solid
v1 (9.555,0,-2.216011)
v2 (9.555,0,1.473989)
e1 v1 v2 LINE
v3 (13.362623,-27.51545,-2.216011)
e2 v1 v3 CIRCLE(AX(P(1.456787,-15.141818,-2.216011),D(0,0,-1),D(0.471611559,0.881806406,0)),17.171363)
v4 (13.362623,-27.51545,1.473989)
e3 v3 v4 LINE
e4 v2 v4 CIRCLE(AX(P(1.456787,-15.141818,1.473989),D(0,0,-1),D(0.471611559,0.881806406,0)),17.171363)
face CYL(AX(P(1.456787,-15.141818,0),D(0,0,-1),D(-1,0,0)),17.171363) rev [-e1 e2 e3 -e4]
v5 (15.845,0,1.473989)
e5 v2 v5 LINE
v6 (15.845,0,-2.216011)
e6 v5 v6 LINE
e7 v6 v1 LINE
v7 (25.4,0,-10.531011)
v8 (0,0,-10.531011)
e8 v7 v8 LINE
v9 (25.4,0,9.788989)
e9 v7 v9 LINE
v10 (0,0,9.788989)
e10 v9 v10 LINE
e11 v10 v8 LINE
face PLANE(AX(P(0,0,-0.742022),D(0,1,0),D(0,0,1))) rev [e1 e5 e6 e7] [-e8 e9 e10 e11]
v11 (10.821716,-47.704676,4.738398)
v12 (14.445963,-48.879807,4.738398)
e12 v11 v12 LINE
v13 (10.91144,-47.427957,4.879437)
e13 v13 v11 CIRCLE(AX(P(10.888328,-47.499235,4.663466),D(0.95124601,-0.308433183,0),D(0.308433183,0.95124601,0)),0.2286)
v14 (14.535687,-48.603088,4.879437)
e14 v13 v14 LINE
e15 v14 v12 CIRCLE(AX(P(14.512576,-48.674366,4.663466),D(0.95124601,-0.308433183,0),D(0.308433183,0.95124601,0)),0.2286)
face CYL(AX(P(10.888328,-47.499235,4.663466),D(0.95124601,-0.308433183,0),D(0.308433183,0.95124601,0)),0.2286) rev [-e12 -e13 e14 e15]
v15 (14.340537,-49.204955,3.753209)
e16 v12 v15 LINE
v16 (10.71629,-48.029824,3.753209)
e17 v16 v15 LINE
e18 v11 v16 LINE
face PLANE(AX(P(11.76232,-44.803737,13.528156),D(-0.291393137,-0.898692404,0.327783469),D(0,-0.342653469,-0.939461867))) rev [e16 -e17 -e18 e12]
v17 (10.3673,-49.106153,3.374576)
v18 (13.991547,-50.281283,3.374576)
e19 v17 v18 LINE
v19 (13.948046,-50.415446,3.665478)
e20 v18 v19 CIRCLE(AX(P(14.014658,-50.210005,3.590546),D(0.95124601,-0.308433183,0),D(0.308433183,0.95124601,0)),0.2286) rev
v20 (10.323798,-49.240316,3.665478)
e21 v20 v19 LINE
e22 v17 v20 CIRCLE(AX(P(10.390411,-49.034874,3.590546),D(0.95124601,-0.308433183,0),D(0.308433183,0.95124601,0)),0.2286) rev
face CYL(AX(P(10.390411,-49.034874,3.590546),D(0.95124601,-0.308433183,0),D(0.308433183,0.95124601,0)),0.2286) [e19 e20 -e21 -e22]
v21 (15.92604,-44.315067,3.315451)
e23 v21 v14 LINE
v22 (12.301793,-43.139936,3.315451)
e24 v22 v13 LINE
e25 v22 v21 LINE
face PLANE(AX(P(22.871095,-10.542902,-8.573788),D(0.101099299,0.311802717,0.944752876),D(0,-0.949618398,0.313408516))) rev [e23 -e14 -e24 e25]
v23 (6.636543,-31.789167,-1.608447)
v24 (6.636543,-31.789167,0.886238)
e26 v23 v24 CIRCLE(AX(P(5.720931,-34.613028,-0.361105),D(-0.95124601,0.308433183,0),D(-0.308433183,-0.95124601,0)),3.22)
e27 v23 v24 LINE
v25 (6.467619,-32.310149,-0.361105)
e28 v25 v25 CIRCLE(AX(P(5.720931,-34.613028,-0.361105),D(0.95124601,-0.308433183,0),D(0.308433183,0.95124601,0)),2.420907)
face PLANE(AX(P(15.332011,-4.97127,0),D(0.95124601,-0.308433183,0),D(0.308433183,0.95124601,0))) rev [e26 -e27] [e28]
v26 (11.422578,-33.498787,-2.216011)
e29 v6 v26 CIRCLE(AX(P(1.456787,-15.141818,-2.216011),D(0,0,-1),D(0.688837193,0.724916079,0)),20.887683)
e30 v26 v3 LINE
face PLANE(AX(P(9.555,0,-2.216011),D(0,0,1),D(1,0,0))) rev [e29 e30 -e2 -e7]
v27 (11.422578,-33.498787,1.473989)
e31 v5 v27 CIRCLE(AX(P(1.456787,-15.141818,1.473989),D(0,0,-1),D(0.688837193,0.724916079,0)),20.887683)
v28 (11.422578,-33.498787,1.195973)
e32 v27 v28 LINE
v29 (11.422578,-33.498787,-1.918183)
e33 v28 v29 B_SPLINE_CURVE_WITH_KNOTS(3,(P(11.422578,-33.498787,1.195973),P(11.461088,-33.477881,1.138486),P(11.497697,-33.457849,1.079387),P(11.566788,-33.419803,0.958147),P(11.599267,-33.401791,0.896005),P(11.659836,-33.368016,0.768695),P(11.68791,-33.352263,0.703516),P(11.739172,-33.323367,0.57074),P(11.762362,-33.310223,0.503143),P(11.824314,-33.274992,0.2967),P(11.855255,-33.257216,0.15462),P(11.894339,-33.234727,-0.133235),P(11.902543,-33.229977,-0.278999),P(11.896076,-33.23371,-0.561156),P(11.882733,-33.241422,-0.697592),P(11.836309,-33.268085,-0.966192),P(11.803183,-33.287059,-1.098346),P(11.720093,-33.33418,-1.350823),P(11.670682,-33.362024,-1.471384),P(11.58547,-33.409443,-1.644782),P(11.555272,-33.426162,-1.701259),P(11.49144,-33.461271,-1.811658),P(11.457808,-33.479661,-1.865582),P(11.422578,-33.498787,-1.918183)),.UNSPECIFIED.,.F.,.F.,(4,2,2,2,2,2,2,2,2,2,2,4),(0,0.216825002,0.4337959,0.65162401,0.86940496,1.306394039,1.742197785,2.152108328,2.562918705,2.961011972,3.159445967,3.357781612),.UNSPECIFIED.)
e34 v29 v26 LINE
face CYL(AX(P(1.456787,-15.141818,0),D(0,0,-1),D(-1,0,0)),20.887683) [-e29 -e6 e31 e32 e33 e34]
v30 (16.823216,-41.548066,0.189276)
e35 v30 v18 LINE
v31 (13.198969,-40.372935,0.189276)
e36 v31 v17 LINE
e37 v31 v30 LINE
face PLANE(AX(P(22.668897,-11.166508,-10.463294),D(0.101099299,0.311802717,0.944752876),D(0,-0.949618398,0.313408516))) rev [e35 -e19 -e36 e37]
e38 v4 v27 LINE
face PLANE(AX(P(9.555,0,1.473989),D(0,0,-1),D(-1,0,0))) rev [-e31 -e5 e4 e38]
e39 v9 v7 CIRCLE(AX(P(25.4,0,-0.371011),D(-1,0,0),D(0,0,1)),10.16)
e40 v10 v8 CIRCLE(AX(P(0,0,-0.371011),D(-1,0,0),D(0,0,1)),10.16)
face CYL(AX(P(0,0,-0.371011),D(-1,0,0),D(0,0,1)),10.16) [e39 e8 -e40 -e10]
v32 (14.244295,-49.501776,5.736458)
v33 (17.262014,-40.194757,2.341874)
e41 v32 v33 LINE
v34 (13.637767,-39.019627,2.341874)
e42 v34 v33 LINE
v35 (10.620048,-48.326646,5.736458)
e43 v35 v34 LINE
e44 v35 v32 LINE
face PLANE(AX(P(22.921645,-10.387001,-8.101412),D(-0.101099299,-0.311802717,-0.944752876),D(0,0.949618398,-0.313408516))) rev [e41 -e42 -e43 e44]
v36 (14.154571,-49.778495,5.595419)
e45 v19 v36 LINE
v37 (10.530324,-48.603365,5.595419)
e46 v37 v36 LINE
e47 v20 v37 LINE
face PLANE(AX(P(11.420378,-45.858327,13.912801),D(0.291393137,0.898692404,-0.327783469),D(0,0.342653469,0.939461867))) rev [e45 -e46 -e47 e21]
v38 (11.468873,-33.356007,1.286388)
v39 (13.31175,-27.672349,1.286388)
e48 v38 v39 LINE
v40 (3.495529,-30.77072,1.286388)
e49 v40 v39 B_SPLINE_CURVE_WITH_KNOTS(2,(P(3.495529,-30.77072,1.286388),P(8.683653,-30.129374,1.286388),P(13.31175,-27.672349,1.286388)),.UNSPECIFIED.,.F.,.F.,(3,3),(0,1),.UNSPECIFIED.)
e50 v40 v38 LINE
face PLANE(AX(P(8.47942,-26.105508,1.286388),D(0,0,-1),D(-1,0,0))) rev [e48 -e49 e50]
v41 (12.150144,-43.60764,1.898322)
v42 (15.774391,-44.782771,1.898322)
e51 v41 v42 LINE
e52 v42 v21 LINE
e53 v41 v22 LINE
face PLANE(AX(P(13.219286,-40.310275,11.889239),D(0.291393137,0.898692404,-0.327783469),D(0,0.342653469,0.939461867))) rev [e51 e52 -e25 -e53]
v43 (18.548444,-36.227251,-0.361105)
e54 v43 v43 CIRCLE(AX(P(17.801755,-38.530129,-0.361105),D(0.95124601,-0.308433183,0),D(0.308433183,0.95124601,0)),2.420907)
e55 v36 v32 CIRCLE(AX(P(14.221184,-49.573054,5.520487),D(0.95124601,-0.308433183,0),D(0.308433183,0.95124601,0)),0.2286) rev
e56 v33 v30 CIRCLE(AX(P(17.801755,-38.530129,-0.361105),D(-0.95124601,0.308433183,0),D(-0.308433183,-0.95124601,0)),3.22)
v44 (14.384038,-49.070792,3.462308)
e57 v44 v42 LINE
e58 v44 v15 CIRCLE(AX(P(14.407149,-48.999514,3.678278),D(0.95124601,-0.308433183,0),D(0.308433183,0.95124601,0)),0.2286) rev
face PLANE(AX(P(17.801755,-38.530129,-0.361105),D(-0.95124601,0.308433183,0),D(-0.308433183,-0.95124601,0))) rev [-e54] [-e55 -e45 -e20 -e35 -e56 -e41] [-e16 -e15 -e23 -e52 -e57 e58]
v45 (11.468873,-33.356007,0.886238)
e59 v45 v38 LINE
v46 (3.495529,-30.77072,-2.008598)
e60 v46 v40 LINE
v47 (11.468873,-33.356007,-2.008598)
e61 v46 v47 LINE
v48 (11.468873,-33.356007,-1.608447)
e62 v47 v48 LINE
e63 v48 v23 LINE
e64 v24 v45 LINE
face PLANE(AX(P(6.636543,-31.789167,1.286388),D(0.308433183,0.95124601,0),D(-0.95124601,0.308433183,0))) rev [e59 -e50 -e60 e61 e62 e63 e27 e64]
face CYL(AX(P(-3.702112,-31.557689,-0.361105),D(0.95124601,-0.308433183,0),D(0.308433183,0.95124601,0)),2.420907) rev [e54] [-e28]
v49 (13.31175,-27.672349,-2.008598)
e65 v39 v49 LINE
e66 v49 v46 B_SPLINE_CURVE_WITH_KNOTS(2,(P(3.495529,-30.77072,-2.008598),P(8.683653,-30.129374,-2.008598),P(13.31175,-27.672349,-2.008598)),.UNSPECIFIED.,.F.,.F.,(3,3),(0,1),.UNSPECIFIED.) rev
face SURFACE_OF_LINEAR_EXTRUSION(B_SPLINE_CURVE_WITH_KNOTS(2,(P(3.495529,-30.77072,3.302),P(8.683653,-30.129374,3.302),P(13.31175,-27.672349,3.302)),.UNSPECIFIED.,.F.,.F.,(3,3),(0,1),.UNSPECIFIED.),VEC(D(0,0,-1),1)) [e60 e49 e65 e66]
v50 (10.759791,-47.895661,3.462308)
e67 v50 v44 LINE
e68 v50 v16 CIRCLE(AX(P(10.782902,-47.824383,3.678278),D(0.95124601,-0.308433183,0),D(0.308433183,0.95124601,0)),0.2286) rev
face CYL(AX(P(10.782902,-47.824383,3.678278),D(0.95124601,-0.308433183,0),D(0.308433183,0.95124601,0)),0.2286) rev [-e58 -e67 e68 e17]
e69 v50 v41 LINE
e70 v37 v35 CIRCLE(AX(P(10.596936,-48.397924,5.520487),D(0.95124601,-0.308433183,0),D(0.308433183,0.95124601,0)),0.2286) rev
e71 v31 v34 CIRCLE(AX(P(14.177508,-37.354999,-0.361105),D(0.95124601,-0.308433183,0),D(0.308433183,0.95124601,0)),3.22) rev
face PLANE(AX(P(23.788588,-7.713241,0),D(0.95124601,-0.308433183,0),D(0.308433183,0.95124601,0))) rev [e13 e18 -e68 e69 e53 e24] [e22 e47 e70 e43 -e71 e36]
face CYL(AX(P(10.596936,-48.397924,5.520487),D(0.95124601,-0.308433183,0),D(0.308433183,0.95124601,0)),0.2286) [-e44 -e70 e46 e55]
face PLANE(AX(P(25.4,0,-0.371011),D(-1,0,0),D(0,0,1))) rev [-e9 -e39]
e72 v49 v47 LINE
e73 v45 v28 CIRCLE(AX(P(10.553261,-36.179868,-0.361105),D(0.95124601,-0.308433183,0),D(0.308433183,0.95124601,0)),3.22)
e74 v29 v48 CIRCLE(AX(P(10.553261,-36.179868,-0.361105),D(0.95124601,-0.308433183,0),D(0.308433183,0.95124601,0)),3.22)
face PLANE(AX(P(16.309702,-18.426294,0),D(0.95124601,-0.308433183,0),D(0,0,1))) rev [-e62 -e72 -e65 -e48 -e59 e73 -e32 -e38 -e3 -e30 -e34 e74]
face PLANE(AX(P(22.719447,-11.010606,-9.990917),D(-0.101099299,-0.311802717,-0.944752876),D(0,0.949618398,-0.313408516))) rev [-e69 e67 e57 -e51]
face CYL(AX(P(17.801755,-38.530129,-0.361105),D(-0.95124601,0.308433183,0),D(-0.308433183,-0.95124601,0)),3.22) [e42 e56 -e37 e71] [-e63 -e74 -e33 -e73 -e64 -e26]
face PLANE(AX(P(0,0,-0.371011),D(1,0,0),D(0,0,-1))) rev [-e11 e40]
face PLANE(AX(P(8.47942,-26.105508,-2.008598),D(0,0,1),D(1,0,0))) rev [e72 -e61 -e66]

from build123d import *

# Parameters (mm, degrees)
SKETCH1_W               = 25.4
SKETCH1_H               = 10.16
REVOLVE1_ANGLE          = 180
SKETCH4_W               = 6.29000012
SKETCH4_H               = 3.69
SKETCH6_W               = 3.294985449
SKETCH6_H               = 5.974962046
BOSS_EXTRUDE1_DEPTH     = 5.08
SKETCH7_R               = 3.22
BOSS_EXTRUDE7_DEPTH     = 12.7
SKETCH9_W               = 3.294985449
SKETCH9_H               = 5.974962046
BOSS_EXTRUDE8_DEPTH     = 3.302
CUT_EXTRUDE1_DEPTH      = 3.302
CUT_EXTRUDE1_DEPTH_BACK = 3.302
SKETCH11_R              = 2.375
CUT_EXTRUDE2_DEPTH      = 2.54
CUT_EXTRUDE2_DEPTH_BACK = 12.446
BOSS_EXTRUDE11_DEPTH    = 3.81
SKETCH14_R              = 2.420907349
CUT_EXTRUDE3_DEPTH      = 22.606


with BuildPart() as part:
    # Sketch1 → Revolve1 (revolve)
    with BuildSketch(Plane(origin=(0, 0, 0), x_dir=(1, 0, 0), z_dir=(0, 1, 0))):
        with Locations((12.7, 5.451011236)):
            Rectangle(SKETCH1_W, SKETCH1_H)
    revolve(axis=Axis((0, 0, -0.371011236), (1, 0, 0)), revolution_arc=REVOLVE1_ANGLE)

    # Sweep1: sweep along a path in Sketch5
    with BuildLine(Plane.XY) as sweep1_path:
        ThreePointArc((12.7, 0), (20.315428689, -15.331843414), (12.392600359, -30.5071183))
    # Sketch4 → Sweep1 (sweep)
    with BuildSketch(Plane(origin=(0, 0, 0), x_dir=(1, 0, 0), z_dir=(0, 1, 0))):
        with Locations((12.7, 0.371011236)):
            Rectangle(SKETCH4_W, SKETCH4_H)
    sweep(path=sweep1_path.line)

    # Sketch6 → Boss-Extrude1 (add)
    with BuildSketch(Plane(origin=(20.164340987, -6.538110874, 0), x_dir=(0, 0, 1), z_dir=(-0.95124601, 0.308433183, 0))):
        with Locations((-0.361104817, -25.204906835)):
            Rectangle(SKETCH6_W, SKETCH6_H)
    extrude(amount=BOSS_EXTRUDE1_DEPTH)

    # Sketch7 → Boss-Extrude7 (add)
    with BuildSketch(Plane(origin=(15.332011256, -4.971270302, 0), x_dir=(0, 0, 1), z_dir=(-0.95124601, 0.308433183, 0))):
        with Locations((-0.361104816, -31.160979548)):
            Circle(SKETCH7_R)
    extrude(amount=-BOSS_EXTRUDE7_DEPTH)

    # Sketch9 → Boss-Extrude8 (add)
    with BuildSketch(Plane(origin=(15.332011256, -4.971270302, 0), x_dir=(0, 0, 1), z_dir=(-0.95124601, 0.308433183, 0))):
        with Locations((-0.361104817, -25.204906835)):
            Rectangle(SKETCH9_W, SKETCH9_H)
    extrude(amount=BOSS_EXTRUDE8_DEPTH)

    # Sketch10 → Cut-Extrude1 (cut, two sides)
    with BuildSketch(Plane.XY) as cut_extrude1_sk:
        with BuildLine():
            Line((3.495528998, -30.770720391), (5.338405562, -25.087061585))
            Line((5.338405562, -25.087061585), (13.311749617, -27.672348528))
            add(Edge.make_bspline(
                [(13.311749617, -27.672348528), (8.683653097, -30.129373505), (3.495528998, -30.770720391)],
                knots=[0, 0, 0, 1, 1, 1], degree=2))
        make_face()
    extrude(amount=CUT_EXTRUDE1_DEPTH, mode=Mode.SUBTRACT)
    extrude(cut_extrude1_sk.sketch, amount=-CUT_EXTRUDE1_DEPTH_BACK, mode=Mode.SUBTRACT)

    # Sketch11 → Cut-Extrude2 (cut, two sides)
    with BuildSketch(Plane(origin=(27.412835582, -8.888371731, 0), x_dir=(0, 0, -1), z_dir=(0.95124601, -0.308433183, 0))) as cut_extrude2_sk:
        with Locations((0.39169909, -31.12675273)):
            Circle(SKETCH11_R)
    extrude(amount=CUT_EXTRUDE2_DEPTH, mode=Mode.SUBTRACT)
    extrude(cut_extrude2_sk.sketch, amount=-CUT_EXTRUDE2_DEPTH_BACK, mode=Mode.SUBTRACT)

    # Sketch13 → Boss-Extrude11 (add)
    with BuildSketch(Plane(origin=(27.412835582, -8.888371731, 0), x_dir=(0, 0, -1), z_dir=(0.95124601, -0.308433183, 0))):
        Polygon((-2.207938212, -40.151875097), (-0.189276492, -34.333593678), (-2.341873796, -32.910924296), (-4.569820403, -39.332416424), (-4.097443964, -39.496308159), (-3.315450943, -37.242411221), (-1.898321628, -37.734086425), (-2.68031465, -39.987983362), align=None)
        with BuildLine():
            Line((-3.374575741, -43.514412461), (-2.207938212, -40.151875097))
            Line((-2.207938212, -40.151875097), (-2.68031465, -39.987983362))
            Line((-2.68031465, -39.987983362), (-3.462307672, -42.241880299))
            ThreePointArc((-3.462307672, -42.241880299), (-3.5785484, -42.37264764), (-3.75320948, -42.382919506))
            Line((-3.75320948, -42.382919506), (-4.73839778, -42.041106905))
            ThreePointArc((-4.73839778, -42.041106905), (-4.86916512, -41.924866176), (-4.879436986, -41.750205096))
            Line((-4.879436986, -41.750205096), (-4.097443964, -39.496308159))
            Line((-4.097443964, -39.496308159), (-4.569820403, -39.332416424))
            Line((-4.569820403, -39.332416424), (-5.736457932, -42.694953789))
            ThreePointArc((-5.736457932, -42.694953789), (-5.726186066, -42.869614869), (-5.595418726, -42.985855597))
            Line((-5.595418726, -42.985855597), (-3.66547755, -43.655451668))
            ThreePointArc((-3.66547755, -43.655451668), (-3.490816469, -43.645179802), (-3.374575741, -43.514412461))
        make_face()
    extrude(amount=-BOSS_EXTRUDE11_DEPTH)

    # Sketch14 → Cut-Extrude3 (cut)
    with BuildSketch(Plane(origin=(27.412835582, -8.888371731, 0), x_dir=(0, 0, -1), z_dir=(0.95124601, -0.308433183, 0))):
        with Locations((0.361104816, -31.160979548)):
            Circle(SKETCH14_R)
    extrude(amount=-CUT_EXTRUDE3_DEPTH, mode=Mode.SUBTRACT)


solid = part.part
